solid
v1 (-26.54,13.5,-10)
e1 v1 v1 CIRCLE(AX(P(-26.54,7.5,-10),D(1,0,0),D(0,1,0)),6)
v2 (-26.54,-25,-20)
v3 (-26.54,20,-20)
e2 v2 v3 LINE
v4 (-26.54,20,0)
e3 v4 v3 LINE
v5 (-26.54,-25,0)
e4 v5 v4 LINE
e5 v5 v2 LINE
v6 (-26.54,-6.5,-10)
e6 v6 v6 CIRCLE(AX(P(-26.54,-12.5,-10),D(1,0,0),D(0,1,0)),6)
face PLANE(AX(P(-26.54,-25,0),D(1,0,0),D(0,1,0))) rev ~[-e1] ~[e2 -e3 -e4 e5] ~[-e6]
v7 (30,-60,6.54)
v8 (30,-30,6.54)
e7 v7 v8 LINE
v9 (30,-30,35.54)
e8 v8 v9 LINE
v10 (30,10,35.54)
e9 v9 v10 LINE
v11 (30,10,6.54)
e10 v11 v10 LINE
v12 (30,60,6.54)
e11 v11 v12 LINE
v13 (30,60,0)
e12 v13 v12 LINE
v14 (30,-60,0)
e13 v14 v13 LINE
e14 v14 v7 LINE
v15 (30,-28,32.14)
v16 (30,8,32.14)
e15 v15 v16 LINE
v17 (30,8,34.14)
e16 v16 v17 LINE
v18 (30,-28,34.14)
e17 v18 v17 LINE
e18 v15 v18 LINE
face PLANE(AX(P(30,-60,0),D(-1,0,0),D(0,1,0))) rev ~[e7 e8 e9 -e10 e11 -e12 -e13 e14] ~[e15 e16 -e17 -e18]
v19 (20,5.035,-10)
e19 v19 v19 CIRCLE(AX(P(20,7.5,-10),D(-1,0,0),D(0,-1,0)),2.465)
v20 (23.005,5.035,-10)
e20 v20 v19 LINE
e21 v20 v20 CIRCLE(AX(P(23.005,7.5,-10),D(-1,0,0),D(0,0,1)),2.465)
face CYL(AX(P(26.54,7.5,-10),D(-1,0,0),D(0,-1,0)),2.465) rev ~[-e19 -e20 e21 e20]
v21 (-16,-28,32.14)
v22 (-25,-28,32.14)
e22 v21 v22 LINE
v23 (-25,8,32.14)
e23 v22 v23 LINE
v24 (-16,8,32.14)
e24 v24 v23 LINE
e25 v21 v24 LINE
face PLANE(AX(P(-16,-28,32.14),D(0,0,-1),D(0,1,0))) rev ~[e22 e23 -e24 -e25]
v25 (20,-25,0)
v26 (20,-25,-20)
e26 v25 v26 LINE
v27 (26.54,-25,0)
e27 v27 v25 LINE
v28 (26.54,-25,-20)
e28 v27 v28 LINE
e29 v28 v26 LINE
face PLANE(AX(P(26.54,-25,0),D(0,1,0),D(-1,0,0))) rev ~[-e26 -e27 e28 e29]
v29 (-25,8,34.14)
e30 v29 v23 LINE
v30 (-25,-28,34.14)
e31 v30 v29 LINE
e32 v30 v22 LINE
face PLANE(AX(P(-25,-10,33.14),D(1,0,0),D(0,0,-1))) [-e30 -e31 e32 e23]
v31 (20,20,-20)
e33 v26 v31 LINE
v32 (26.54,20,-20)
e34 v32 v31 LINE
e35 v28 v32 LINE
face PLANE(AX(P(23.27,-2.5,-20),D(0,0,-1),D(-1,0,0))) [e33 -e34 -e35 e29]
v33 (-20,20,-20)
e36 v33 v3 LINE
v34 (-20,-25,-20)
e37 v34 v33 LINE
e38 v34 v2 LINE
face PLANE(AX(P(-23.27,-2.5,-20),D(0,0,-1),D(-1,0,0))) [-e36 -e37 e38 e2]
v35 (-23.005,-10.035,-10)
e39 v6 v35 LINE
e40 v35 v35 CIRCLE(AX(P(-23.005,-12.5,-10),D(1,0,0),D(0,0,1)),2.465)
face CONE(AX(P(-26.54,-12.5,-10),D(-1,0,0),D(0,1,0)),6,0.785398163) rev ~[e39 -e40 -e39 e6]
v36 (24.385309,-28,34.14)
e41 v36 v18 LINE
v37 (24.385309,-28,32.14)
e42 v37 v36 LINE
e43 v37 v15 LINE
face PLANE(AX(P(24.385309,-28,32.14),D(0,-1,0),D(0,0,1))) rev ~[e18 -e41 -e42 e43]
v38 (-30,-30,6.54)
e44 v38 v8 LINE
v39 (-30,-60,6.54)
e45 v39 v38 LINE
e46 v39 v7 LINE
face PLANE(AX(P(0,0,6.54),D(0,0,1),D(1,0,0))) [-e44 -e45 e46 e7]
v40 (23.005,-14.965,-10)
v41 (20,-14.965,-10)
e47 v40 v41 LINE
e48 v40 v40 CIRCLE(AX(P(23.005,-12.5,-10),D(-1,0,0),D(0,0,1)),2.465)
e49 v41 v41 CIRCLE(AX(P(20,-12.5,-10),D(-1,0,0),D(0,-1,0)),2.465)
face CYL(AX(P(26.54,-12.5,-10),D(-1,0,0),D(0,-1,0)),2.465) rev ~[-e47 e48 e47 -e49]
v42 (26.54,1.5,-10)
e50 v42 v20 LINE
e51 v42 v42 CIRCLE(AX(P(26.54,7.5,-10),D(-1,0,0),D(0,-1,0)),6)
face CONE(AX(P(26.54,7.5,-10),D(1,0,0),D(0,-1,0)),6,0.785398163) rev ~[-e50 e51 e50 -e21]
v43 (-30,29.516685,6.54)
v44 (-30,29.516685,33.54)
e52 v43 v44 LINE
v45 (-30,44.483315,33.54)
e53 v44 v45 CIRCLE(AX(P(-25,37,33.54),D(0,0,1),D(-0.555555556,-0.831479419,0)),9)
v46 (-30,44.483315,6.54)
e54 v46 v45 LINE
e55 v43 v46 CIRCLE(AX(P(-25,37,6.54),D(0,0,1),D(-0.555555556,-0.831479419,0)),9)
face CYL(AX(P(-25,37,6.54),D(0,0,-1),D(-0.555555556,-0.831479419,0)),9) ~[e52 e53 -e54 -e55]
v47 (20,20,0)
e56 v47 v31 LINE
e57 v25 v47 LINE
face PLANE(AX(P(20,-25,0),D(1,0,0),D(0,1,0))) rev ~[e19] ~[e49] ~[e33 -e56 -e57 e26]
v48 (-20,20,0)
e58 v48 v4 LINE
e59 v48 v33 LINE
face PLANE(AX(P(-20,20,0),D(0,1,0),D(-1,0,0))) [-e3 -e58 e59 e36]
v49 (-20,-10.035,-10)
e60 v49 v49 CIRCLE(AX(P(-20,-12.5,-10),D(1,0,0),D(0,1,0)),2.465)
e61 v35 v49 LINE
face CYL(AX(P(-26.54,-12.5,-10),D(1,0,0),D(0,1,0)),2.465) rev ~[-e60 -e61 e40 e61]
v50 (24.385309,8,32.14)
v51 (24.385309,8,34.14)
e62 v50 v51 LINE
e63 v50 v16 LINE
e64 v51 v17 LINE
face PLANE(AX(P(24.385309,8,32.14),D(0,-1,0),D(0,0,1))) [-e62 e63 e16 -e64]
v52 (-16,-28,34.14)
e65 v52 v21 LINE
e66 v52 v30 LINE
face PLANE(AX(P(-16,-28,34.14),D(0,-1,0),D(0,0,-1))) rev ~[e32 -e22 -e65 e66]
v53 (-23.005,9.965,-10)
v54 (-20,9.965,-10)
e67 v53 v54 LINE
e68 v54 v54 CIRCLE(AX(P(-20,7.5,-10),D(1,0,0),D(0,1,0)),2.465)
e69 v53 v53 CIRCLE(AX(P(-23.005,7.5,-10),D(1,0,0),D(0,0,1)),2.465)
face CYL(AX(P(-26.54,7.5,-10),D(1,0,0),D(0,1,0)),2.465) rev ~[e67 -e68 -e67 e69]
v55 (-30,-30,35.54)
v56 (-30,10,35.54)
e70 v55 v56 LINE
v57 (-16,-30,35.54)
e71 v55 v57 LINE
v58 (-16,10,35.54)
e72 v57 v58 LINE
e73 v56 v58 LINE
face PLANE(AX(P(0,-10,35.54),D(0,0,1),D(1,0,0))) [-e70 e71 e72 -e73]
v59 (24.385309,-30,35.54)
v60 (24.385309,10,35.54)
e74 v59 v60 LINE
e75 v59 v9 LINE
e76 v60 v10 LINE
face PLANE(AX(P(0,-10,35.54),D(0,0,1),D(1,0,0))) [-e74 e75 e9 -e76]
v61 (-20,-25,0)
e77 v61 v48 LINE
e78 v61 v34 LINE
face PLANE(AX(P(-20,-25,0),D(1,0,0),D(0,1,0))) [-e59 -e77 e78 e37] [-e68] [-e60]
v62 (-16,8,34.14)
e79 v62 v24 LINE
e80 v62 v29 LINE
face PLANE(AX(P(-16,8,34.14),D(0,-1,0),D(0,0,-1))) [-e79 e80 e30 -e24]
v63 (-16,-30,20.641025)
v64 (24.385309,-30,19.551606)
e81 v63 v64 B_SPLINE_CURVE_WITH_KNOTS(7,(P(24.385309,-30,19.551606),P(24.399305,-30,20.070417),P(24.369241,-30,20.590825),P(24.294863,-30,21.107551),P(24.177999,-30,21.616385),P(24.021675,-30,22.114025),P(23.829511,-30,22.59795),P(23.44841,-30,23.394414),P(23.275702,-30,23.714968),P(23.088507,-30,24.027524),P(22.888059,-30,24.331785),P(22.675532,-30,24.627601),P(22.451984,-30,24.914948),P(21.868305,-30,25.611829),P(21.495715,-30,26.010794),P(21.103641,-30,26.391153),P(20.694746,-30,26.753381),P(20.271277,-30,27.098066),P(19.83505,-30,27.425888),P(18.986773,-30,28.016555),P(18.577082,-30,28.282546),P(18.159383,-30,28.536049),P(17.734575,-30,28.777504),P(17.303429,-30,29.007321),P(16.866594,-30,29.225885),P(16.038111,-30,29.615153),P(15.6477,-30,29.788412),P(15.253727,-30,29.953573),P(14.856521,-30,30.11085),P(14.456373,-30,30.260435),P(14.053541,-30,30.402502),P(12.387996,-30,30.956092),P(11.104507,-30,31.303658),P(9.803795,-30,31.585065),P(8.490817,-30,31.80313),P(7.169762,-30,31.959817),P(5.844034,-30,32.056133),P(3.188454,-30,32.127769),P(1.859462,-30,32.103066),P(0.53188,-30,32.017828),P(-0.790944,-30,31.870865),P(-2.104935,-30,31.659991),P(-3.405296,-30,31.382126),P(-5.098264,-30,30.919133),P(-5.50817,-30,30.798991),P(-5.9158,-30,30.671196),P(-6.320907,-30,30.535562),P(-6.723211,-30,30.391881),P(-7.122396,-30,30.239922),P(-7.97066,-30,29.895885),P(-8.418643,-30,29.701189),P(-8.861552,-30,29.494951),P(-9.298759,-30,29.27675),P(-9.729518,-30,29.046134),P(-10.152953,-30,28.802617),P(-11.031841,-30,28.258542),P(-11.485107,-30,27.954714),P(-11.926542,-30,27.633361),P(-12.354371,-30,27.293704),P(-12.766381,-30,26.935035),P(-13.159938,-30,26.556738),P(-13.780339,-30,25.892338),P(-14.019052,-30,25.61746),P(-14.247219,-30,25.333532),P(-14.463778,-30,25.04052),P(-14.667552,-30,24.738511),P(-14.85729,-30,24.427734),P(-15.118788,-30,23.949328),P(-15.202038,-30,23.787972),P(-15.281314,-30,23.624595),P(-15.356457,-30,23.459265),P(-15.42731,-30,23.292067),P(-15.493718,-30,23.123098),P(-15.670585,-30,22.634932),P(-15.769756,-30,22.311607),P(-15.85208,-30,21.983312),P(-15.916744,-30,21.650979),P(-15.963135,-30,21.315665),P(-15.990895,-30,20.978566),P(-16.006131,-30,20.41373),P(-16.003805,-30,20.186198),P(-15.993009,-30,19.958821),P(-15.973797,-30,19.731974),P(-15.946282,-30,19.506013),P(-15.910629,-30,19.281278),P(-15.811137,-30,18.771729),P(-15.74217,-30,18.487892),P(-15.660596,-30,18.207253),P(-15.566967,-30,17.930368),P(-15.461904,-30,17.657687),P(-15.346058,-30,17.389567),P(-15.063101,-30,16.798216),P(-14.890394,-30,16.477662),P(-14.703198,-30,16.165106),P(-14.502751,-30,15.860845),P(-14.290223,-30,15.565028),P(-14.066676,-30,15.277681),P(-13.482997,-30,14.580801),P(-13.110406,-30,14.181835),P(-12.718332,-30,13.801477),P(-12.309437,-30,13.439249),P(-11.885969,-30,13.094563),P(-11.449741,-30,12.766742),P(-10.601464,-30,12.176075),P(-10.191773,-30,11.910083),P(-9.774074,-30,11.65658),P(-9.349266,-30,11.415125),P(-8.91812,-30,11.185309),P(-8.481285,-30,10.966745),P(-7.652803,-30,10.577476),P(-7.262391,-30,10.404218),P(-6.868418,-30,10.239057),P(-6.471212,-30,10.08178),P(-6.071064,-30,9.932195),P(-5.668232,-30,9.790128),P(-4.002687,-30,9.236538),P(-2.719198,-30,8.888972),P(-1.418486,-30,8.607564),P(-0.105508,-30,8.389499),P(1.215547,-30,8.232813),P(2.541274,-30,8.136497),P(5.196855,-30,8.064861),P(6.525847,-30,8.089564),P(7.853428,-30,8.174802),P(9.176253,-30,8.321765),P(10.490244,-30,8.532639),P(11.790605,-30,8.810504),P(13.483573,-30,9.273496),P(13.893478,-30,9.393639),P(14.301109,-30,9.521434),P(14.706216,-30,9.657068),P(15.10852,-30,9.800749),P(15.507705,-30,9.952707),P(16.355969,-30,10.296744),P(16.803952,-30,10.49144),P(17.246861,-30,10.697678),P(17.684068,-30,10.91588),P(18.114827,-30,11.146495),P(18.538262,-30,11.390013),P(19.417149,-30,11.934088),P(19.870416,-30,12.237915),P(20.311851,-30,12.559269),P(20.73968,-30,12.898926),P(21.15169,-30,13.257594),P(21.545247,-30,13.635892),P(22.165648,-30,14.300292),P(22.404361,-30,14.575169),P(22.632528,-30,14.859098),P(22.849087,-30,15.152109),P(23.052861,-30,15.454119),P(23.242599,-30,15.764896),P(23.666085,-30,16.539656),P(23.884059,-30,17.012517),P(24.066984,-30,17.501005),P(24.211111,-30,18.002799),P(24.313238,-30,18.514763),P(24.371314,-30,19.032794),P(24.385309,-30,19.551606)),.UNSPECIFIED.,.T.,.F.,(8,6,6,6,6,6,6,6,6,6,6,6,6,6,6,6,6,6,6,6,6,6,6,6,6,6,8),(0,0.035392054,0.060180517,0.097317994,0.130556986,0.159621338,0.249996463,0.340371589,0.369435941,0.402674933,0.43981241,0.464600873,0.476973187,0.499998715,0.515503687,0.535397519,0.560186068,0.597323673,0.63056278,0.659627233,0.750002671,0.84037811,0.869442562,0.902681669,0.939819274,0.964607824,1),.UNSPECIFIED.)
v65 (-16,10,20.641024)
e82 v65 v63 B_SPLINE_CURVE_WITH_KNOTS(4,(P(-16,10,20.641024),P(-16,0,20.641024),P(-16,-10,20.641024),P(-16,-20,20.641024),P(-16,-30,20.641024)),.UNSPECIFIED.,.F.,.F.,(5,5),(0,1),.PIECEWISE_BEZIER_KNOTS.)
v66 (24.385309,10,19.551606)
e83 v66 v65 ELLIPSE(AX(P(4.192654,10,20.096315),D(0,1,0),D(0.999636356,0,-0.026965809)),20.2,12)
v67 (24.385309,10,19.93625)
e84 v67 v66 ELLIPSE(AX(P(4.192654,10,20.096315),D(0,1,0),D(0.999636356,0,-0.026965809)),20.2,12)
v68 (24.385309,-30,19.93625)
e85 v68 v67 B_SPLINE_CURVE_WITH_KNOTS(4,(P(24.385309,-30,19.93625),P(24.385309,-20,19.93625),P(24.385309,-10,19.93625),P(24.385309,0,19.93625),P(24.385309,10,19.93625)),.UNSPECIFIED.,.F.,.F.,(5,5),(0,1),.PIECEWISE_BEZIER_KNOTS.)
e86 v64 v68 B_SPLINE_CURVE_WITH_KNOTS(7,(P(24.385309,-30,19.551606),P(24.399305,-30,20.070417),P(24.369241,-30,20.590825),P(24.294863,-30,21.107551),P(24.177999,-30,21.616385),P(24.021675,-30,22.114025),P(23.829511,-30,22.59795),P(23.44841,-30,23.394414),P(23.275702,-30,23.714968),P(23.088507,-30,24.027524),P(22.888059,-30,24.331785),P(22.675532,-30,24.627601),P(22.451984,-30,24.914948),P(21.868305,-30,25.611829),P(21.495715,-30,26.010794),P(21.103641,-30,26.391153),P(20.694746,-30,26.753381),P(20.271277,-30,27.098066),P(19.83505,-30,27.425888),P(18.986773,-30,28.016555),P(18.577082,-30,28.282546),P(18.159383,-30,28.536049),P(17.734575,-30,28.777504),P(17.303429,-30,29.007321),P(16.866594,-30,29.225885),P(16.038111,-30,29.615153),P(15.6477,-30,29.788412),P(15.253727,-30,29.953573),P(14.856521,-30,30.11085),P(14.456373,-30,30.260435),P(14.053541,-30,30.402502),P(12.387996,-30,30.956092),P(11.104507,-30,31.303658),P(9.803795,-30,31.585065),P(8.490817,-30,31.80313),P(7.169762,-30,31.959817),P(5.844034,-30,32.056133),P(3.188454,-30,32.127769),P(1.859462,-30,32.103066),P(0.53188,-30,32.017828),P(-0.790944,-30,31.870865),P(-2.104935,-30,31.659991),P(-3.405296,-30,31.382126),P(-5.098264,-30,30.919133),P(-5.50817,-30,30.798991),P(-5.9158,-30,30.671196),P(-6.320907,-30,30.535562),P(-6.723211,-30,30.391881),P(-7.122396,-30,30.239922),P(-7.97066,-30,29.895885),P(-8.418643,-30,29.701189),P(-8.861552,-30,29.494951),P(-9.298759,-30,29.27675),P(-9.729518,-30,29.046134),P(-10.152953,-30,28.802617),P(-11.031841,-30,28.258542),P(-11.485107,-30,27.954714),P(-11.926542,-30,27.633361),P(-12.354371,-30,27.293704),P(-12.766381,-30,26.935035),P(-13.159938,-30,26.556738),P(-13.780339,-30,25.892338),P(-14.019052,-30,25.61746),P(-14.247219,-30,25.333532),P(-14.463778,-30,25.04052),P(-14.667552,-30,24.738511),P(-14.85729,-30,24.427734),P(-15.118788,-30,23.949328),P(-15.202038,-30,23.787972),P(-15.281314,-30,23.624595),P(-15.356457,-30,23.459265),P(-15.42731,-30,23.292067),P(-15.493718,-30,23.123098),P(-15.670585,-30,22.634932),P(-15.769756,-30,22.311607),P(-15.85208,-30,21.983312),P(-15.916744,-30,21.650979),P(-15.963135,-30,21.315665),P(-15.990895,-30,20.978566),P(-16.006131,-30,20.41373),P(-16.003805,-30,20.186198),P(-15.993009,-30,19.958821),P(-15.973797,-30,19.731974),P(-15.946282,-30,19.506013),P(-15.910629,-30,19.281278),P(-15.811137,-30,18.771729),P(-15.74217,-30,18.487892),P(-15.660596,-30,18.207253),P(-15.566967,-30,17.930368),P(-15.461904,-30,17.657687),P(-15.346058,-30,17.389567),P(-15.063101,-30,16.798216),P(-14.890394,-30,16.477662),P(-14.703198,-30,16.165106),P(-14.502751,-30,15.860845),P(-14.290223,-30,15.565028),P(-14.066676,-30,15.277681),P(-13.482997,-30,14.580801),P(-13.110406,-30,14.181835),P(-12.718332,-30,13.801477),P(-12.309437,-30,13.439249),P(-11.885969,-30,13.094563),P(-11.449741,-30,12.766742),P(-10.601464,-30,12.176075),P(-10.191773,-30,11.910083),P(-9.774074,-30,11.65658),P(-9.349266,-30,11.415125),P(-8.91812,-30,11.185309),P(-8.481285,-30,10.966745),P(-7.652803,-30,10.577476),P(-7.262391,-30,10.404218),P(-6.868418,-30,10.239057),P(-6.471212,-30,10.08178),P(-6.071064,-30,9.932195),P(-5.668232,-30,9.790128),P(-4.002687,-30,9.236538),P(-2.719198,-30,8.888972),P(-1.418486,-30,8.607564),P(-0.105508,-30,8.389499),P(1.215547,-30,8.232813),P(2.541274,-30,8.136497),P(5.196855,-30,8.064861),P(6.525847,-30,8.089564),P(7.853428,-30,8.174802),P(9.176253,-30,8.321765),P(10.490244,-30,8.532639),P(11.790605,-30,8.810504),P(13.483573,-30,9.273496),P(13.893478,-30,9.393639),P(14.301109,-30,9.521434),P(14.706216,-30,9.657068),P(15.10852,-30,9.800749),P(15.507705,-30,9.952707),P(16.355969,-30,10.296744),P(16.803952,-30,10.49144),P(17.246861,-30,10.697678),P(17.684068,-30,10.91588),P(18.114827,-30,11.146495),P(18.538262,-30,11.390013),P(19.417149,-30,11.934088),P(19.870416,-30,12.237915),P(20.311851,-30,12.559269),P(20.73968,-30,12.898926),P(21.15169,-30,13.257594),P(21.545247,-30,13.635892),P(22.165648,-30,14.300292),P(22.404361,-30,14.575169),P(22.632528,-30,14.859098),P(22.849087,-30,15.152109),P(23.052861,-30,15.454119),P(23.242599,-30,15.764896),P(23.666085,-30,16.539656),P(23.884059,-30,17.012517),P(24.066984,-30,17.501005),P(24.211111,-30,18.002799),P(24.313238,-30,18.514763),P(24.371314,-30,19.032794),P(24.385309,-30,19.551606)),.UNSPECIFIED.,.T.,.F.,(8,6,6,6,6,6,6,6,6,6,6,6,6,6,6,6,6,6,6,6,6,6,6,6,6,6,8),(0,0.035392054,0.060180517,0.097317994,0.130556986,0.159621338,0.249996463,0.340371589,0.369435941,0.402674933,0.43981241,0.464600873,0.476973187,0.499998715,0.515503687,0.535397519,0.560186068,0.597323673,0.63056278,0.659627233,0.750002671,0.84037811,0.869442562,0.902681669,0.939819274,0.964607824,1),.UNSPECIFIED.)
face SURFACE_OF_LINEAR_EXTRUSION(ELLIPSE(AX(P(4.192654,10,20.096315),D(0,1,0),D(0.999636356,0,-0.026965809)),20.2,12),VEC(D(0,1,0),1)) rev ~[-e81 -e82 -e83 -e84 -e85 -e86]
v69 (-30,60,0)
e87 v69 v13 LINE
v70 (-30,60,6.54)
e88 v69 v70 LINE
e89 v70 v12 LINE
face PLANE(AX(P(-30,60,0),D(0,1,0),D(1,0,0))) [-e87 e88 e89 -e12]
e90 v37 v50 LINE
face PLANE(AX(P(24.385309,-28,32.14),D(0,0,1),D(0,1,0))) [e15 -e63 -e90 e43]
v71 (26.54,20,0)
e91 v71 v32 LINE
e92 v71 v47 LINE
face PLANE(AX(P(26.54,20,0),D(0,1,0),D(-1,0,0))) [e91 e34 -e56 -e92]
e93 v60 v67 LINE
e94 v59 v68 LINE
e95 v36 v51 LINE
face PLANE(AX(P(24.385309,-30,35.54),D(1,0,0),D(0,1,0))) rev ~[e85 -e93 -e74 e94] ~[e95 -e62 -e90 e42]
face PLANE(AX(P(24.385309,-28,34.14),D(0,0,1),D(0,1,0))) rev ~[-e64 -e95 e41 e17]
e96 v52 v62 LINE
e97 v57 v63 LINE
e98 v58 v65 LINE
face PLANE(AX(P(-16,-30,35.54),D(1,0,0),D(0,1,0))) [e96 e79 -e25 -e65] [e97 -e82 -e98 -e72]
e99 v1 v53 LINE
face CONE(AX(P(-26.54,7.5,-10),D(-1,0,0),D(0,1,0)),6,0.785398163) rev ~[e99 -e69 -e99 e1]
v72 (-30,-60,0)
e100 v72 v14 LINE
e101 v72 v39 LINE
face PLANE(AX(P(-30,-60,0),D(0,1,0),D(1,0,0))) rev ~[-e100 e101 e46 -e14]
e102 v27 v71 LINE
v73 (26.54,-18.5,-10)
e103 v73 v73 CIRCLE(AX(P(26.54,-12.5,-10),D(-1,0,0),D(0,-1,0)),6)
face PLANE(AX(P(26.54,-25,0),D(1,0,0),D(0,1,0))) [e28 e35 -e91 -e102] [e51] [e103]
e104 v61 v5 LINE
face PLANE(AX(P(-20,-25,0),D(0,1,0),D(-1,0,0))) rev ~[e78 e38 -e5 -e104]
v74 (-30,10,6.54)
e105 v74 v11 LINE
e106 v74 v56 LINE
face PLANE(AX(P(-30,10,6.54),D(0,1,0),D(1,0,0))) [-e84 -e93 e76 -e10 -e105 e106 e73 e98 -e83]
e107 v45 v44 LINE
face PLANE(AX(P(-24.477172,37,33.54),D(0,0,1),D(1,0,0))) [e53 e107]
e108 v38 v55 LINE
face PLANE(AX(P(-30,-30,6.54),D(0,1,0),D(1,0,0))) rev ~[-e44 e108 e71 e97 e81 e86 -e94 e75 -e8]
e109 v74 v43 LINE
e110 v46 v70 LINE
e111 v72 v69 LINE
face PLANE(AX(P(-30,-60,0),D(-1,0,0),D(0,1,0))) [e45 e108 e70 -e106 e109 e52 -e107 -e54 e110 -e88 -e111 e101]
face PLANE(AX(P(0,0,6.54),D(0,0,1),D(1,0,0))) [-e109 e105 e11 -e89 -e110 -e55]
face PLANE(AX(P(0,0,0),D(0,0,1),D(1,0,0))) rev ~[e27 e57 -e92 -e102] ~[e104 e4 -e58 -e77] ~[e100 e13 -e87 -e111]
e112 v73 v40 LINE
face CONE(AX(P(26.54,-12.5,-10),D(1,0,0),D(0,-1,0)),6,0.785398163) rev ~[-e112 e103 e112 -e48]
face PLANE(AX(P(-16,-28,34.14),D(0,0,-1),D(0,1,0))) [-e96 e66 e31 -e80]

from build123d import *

# Parameters (mm, degrees)
SKETCH1_W                                       = 60
SKETCH1_H                                       = 120
BOSS_EXTRUDE1_DEPTH                             = 6.54
BOSS_EXTRUDE4_DEPTH                             = 27
SKETCH10_W                                      = 6.54
SKETCH10_H                                      = 45
BOSS_EXTRUDE5_DEPTH                             = 20
SKETCH17_W                                      = 60
SKETCH17_H                                      = 40
BOSS_EXTRUDE6_DEPTH                             = 29
CUT_EXTRUDE1_REACH                              = 72
SKETCH18_RX                                     = 20.2
SKETCH18_RY                                     = 12
CUT_EXTRUDE2_REACH                              = 57.54
SKETCH21_W                                      = 40.3853088
SKETCH21_H                                      = 40
SKETCH23_W                                      = 2
SKETCH23_H                                      = 36
CUT_EXTRUDE3_DEPTH                              = 9
SKETCH24_W                                      = 2
SKETCH24_H                                      = 36
CUT_EXTRUDE4_DEPTH                              = 9
CSK_FOR_M3_FLAT_HEAD_MACHINE_SCREW4_D           = 4.93
CSK_FOR_M3_FLAT_HEAD_MACHINE_SCREW4_DEPTH       = 6.54
CSK_FOR_M3_FLAT_HEAD_MACHINE_SCREW4_CSINK_D     = 12
CSK_FOR_M3_FLAT_HEAD_MACHINE_SCREW4_CSINK_ANGLE = 90
CSK_FOR_M3_FLAT_HEAD_MACHINE_SCREW5_D           = 4.93
CSK_FOR_M3_FLAT_HEAD_MACHINE_SCREW5_DEPTH       = 6.54
CSK_FOR_M3_FLAT_HEAD_MACHINE_SCREW5_CSINK_D     = 12
CSK_FOR_M3_FLAT_HEAD_MACHINE_SCREW5_CSINK_ANGLE = 90


with BuildPart() as part:
    # Sketch1 → Boss-Extrude1 (new body)
    with BuildSketch(Plane.XY):
        Rectangle(SKETCH1_W, SKETCH1_H)
    extrude(amount=BOSS_EXTRUDE1_DEPTH)

    # Sketch7 → Boss-Extrude4 (add)
    with BuildSketch(Plane.XY.offset(6.54)):
        with BuildLine():
            Line((-30, 44.483314774), (-30, 29.516685226))
            ThreePointArc((-30, 29.516685226), (-16, 37), (-30, 44.483314774))
        make_face()
    extrude(amount=BOSS_EXTRUDE4_DEPTH)

    # Sketch10 → Boss-Extrude5 (add)
    with BuildSketch(Plane(origin=(0, 0, 0), x_dir=(-1, 0, 0), z_dir=(0, 0, -1))):
        with Locations((23.27, -2.5)):
            Rectangle(SKETCH10_W, SKETCH10_H)
        with Locations((-23.27, -2.5)):
            Rectangle(SKETCH10_W, SKETCH10_H)
    extrude(amount=BOSS_EXTRUDE5_DEPTH)

    # Sketch17 → Boss-Extrude6 (add)
    with BuildSketch(Plane.XY.offset(6.54)):
        with Locations((0, -10)):
            Rectangle(SKETCH17_W, SKETCH17_H)
    extrude(amount=BOSS_EXTRUDE6_DEPTH)

    # Sketch18 → Cut-Extrude1 (cut, up to next)
    with BuildSketch(Plane(origin=(0, 10, 0), x_dir=(1, 0, 0), z_dir=(0, 1, 0)), mode=Mode.PRIVATE) as cut_extrude1_sk1:
        with Locations(Location((4.192654401, -20.096314851), (0, 0, 1.545214336))):
            Ellipse(SKETCH18_RX, SKETCH18_RY)
    cut_extrude1_tool1 = extrude(cut_extrude1_sk1.sketch, amount=-CUT_EXTRUDE1_REACH, mode=Mode.PRIVATE) & part.part
    add(cut_extrude1_tool1.solids().sort_by_distance((4.192654, 10, 20.096315))[0], mode=Mode.SUBTRACT)

    # Sketch21 → Cut-Extrude2 (cut, up to next)
    with BuildSketch(Plane.XY.offset(35.54), mode=Mode.PRIVATE) as cut_extrude2_sk1:
        with Locations((4.1926544, -10)):
            Rectangle(SKETCH21_W, SKETCH21_H)
    cut_extrude2_tool1 = extrude(cut_extrude2_sk1.sketch, amount=-CUT_EXTRUDE2_REACH, mode=Mode.PRIVATE) & part.part
    add(cut_extrude2_tool1.solids().sort_by_distance((4.192654, -10, 35.54))[0], mode=Mode.SUBTRACT)

    # Sketch23 → Cut-Extrude3 (cut)
    with BuildSketch(Plane(origin=(-16, 0, 0), x_dir=(0, 0, -1), z_dir=(1, 0, 0))):
        with Locations((-33.14, -10)):
            Rectangle(SKETCH23_W, SKETCH23_H)
    extrude(amount=-CUT_EXTRUDE3_DEPTH, mode=Mode.SUBTRACT)

    # Sketch24 → Cut-Extrude4 (cut)
    with BuildSketch(Plane.ZY.offset(-24.3853088)):
        with Locations((33.14, -10)):
            Rectangle(SKETCH24_W, SKETCH24_H)
    extrude(amount=-CUT_EXTRUDE4_DEPTH, mode=Mode.SUBTRACT)

    # CSK for M3 Flat Head Machine Screw4
    with Locations(Plane(origin=(26.54, -12.5, -10), x_dir=(0, 1, 0), z_dir=(1, 0, 0))):
        with Locations((0, 0), (20, 0)):
            CounterSinkHole(CSK_FOR_M3_FLAT_HEAD_MACHINE_SCREW4_D / 2, CSK_FOR_M3_FLAT_HEAD_MACHINE_SCREW4_CSINK_D / 2, depth=CSK_FOR_M3_FLAT_HEAD_MACHINE_SCREW4_DEPTH, counter_sink_angle=CSK_FOR_M3_FLAT_HEAD_MACHINE_SCREW4_CSINK_ANGLE)

    # CSK for M3 Flat Head Machine Screw5
    with Locations(Plane(origin=(-26.54, -12.5, -10), x_dir=(0, -1, 0), z_dir=(-1, 0, 0))):
        with Locations((0, 0), (-20, 0)):
            CounterSinkHole(CSK_FOR_M3_FLAT_HEAD_MACHINE_SCREW5_D / 2, CSK_FOR_M3_FLAT_HEAD_MACHINE_SCREW5_CSINK_D / 2, depth=CSK_FOR_M3_FLAT_HEAD_MACHINE_SCREW5_DEPTH, counter_sink_angle=CSK_FOR_M3_FLAT_HEAD_MACHINE_SCREW5_CSINK_ANGLE)


solid = part.part
